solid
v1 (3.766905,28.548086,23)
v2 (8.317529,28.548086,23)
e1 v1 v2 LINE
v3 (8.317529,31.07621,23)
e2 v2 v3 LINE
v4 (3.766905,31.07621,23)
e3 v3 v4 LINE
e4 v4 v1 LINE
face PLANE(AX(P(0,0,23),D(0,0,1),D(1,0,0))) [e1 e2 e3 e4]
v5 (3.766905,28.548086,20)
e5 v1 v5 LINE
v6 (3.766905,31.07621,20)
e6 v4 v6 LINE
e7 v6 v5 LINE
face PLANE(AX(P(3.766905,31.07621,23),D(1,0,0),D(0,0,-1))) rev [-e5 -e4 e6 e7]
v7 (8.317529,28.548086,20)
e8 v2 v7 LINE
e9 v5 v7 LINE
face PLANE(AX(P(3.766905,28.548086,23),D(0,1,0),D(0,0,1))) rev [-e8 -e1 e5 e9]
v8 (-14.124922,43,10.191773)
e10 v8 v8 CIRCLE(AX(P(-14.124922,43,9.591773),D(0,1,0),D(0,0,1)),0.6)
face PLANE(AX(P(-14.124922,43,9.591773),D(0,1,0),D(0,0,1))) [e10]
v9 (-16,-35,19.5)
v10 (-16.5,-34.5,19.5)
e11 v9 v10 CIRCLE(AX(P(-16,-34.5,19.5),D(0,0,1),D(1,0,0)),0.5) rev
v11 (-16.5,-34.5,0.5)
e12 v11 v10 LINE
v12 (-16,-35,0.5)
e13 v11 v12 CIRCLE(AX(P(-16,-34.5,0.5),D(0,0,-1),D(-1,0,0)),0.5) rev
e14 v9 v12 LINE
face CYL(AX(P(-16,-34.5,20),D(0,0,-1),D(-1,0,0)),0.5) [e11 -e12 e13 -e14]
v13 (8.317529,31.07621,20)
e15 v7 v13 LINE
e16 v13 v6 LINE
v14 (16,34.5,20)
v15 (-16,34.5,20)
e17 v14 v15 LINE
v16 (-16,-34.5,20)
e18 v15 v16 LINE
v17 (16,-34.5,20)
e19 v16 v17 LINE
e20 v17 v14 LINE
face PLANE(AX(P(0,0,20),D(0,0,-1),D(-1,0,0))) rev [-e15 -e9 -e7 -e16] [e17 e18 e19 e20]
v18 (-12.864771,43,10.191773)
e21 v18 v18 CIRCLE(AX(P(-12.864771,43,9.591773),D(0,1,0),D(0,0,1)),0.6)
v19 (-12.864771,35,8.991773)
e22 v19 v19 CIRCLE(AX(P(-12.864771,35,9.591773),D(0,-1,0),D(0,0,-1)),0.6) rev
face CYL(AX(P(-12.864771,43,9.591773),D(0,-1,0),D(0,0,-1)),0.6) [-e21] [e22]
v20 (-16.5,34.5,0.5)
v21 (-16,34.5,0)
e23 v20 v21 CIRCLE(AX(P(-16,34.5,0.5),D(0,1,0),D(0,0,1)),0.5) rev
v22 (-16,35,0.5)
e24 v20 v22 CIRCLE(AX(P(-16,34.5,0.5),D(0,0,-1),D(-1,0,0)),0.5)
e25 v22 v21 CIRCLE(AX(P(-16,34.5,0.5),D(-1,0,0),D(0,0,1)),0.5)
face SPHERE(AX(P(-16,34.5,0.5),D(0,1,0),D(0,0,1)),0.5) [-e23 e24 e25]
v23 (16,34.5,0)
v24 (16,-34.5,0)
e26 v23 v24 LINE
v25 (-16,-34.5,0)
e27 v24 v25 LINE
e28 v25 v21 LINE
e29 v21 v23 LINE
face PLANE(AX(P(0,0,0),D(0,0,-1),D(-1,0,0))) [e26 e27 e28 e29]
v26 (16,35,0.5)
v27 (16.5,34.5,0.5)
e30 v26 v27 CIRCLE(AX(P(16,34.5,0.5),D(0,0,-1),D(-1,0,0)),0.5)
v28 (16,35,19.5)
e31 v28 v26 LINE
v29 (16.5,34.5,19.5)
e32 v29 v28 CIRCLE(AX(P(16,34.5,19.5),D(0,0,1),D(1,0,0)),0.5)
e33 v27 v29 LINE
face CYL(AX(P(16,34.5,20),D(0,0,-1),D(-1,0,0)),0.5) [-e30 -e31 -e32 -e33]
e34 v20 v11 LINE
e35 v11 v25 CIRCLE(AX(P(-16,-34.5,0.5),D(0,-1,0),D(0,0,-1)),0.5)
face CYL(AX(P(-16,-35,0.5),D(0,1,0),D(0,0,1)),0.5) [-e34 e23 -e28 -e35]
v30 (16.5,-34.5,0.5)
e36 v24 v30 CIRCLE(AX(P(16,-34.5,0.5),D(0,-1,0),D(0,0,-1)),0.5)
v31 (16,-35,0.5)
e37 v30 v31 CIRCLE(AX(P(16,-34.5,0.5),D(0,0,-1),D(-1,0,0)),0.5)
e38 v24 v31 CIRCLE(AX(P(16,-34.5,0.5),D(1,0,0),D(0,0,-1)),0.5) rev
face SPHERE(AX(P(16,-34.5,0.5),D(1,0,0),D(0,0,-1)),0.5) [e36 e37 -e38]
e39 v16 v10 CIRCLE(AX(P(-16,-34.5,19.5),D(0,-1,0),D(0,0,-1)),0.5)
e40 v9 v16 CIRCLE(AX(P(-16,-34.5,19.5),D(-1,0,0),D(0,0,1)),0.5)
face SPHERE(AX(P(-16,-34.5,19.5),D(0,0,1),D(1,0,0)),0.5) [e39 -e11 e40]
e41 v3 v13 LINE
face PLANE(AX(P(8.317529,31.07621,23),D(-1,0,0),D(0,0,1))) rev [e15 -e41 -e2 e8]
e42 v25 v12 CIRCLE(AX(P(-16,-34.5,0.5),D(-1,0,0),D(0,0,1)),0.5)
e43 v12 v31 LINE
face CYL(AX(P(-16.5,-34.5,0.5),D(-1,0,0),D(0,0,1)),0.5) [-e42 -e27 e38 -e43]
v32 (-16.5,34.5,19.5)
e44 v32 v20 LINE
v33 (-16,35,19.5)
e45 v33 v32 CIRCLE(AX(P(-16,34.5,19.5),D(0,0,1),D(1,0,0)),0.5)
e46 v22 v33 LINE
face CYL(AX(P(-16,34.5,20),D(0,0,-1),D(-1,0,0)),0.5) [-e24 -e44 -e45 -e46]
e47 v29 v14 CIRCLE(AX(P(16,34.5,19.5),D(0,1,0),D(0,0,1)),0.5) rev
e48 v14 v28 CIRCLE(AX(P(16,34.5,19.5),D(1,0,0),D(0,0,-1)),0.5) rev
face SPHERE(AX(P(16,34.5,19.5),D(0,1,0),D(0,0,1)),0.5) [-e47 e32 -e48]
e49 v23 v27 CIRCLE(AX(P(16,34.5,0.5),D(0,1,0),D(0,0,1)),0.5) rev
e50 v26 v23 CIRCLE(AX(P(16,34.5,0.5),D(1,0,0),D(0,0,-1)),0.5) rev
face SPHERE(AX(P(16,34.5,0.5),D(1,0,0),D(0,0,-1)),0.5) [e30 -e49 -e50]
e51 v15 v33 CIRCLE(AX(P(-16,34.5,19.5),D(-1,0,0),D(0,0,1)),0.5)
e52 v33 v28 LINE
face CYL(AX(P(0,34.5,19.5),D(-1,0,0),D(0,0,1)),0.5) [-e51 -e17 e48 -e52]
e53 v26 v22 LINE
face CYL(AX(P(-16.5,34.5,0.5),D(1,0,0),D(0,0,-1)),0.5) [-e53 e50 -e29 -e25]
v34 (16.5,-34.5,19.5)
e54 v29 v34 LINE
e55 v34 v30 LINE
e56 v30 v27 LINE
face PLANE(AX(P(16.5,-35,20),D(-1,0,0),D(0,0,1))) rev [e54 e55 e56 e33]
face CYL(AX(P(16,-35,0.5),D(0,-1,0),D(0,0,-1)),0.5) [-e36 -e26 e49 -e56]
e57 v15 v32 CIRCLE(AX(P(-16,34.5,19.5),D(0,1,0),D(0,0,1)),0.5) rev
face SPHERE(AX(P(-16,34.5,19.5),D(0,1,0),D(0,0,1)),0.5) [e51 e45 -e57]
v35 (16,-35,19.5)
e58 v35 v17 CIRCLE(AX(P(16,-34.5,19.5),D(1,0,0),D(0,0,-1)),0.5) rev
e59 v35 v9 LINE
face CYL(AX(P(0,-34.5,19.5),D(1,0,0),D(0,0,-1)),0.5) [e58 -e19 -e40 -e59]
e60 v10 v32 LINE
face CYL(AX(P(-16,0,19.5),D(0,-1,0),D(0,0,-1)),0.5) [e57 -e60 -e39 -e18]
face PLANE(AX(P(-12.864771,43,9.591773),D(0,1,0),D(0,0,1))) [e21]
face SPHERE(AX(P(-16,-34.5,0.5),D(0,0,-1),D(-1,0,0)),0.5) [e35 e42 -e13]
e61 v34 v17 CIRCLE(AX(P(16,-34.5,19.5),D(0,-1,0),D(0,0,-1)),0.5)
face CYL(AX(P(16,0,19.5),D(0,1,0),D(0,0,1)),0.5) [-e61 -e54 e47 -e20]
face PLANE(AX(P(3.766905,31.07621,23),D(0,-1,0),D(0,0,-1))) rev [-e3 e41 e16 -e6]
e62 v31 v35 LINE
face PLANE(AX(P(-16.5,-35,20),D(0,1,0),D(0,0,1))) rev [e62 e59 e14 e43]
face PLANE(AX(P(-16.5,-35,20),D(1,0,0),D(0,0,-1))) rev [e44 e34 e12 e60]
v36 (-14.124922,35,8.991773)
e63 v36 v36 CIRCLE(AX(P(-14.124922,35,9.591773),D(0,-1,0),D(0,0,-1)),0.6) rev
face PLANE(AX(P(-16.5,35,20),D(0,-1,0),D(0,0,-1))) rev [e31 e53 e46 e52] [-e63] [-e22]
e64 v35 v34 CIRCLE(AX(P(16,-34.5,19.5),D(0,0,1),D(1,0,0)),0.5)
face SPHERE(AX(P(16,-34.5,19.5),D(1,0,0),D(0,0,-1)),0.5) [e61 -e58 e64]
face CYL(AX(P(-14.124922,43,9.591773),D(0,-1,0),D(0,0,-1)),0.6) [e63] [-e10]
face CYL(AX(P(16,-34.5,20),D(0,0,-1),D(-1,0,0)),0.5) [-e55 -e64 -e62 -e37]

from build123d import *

# Parameters (mm, degrees)
SKETCH1_W           = 33
SKETCH1_H           = 70
BOSS_EXTRUDE1_DEPTH = 20
FILLET1_R           = 0.5
SKETCH2_R           = 0.6
WIRES_2_DEPTH       = 8
SKETCH3_W           = 4.550623551
SKETCH3_H           = 2.528124195
POWER_SWITCH_DEPTH  = 3


with BuildPart() as part:
    # Sketch1 → Boss-Extrude1 (new body)
    with BuildSketch(Plane.XY):
        Rectangle(SKETCH1_W, SKETCH1_H)
    extrude(amount=BOSS_EXTRUDE1_DEPTH)

    # Fillet1
    fillet1_edges = [part.edges().sort_by_distance(p)[0] for p in [
        (-16.5, 0, 20),
        (0, -35, 20),
        (16.5, 0, 20),
        (0, -35, 0),
        (-16.5, 0, 0),
        (0, 35, 0),
        (16.5, 0, 0),
        (16.5, -35, 10),
        (-16.5, -35, 10),
        (-16.5, 35, 10),
        (16.5, 35, 10),
        (0, 35, 20),
    ]]
    fillet(fillet1_edges, radius=FILLET1_R)

    # Sketch2 → Wires 2 (add)
    with BuildSketch(Plane(origin=(0, 35, 0), x_dir=(1, 0, 0), z_dir=(0, 1, 0))):
        with Locations(Location((-14.124921584, -9.591772622, 0), (0, 0, 90))):
            Circle(SKETCH2_R)
        with Locations(Location((-12.864771316, -9.591772622, 0), (0, 0, 90))):
            Circle(SKETCH2_R)
    extrude(amount=WIRES_2_DEPTH)

    # Sketch3 → Power Switch (add)
    with BuildSketch(Plane.XY.offset(20)):
        with Locations((6.042216827, 29.812148032)):
            Rectangle(SKETCH3_W, SKETCH3_H)
    extrude(amount=POWER_SWITCH_DEPTH)


solid = part.part
